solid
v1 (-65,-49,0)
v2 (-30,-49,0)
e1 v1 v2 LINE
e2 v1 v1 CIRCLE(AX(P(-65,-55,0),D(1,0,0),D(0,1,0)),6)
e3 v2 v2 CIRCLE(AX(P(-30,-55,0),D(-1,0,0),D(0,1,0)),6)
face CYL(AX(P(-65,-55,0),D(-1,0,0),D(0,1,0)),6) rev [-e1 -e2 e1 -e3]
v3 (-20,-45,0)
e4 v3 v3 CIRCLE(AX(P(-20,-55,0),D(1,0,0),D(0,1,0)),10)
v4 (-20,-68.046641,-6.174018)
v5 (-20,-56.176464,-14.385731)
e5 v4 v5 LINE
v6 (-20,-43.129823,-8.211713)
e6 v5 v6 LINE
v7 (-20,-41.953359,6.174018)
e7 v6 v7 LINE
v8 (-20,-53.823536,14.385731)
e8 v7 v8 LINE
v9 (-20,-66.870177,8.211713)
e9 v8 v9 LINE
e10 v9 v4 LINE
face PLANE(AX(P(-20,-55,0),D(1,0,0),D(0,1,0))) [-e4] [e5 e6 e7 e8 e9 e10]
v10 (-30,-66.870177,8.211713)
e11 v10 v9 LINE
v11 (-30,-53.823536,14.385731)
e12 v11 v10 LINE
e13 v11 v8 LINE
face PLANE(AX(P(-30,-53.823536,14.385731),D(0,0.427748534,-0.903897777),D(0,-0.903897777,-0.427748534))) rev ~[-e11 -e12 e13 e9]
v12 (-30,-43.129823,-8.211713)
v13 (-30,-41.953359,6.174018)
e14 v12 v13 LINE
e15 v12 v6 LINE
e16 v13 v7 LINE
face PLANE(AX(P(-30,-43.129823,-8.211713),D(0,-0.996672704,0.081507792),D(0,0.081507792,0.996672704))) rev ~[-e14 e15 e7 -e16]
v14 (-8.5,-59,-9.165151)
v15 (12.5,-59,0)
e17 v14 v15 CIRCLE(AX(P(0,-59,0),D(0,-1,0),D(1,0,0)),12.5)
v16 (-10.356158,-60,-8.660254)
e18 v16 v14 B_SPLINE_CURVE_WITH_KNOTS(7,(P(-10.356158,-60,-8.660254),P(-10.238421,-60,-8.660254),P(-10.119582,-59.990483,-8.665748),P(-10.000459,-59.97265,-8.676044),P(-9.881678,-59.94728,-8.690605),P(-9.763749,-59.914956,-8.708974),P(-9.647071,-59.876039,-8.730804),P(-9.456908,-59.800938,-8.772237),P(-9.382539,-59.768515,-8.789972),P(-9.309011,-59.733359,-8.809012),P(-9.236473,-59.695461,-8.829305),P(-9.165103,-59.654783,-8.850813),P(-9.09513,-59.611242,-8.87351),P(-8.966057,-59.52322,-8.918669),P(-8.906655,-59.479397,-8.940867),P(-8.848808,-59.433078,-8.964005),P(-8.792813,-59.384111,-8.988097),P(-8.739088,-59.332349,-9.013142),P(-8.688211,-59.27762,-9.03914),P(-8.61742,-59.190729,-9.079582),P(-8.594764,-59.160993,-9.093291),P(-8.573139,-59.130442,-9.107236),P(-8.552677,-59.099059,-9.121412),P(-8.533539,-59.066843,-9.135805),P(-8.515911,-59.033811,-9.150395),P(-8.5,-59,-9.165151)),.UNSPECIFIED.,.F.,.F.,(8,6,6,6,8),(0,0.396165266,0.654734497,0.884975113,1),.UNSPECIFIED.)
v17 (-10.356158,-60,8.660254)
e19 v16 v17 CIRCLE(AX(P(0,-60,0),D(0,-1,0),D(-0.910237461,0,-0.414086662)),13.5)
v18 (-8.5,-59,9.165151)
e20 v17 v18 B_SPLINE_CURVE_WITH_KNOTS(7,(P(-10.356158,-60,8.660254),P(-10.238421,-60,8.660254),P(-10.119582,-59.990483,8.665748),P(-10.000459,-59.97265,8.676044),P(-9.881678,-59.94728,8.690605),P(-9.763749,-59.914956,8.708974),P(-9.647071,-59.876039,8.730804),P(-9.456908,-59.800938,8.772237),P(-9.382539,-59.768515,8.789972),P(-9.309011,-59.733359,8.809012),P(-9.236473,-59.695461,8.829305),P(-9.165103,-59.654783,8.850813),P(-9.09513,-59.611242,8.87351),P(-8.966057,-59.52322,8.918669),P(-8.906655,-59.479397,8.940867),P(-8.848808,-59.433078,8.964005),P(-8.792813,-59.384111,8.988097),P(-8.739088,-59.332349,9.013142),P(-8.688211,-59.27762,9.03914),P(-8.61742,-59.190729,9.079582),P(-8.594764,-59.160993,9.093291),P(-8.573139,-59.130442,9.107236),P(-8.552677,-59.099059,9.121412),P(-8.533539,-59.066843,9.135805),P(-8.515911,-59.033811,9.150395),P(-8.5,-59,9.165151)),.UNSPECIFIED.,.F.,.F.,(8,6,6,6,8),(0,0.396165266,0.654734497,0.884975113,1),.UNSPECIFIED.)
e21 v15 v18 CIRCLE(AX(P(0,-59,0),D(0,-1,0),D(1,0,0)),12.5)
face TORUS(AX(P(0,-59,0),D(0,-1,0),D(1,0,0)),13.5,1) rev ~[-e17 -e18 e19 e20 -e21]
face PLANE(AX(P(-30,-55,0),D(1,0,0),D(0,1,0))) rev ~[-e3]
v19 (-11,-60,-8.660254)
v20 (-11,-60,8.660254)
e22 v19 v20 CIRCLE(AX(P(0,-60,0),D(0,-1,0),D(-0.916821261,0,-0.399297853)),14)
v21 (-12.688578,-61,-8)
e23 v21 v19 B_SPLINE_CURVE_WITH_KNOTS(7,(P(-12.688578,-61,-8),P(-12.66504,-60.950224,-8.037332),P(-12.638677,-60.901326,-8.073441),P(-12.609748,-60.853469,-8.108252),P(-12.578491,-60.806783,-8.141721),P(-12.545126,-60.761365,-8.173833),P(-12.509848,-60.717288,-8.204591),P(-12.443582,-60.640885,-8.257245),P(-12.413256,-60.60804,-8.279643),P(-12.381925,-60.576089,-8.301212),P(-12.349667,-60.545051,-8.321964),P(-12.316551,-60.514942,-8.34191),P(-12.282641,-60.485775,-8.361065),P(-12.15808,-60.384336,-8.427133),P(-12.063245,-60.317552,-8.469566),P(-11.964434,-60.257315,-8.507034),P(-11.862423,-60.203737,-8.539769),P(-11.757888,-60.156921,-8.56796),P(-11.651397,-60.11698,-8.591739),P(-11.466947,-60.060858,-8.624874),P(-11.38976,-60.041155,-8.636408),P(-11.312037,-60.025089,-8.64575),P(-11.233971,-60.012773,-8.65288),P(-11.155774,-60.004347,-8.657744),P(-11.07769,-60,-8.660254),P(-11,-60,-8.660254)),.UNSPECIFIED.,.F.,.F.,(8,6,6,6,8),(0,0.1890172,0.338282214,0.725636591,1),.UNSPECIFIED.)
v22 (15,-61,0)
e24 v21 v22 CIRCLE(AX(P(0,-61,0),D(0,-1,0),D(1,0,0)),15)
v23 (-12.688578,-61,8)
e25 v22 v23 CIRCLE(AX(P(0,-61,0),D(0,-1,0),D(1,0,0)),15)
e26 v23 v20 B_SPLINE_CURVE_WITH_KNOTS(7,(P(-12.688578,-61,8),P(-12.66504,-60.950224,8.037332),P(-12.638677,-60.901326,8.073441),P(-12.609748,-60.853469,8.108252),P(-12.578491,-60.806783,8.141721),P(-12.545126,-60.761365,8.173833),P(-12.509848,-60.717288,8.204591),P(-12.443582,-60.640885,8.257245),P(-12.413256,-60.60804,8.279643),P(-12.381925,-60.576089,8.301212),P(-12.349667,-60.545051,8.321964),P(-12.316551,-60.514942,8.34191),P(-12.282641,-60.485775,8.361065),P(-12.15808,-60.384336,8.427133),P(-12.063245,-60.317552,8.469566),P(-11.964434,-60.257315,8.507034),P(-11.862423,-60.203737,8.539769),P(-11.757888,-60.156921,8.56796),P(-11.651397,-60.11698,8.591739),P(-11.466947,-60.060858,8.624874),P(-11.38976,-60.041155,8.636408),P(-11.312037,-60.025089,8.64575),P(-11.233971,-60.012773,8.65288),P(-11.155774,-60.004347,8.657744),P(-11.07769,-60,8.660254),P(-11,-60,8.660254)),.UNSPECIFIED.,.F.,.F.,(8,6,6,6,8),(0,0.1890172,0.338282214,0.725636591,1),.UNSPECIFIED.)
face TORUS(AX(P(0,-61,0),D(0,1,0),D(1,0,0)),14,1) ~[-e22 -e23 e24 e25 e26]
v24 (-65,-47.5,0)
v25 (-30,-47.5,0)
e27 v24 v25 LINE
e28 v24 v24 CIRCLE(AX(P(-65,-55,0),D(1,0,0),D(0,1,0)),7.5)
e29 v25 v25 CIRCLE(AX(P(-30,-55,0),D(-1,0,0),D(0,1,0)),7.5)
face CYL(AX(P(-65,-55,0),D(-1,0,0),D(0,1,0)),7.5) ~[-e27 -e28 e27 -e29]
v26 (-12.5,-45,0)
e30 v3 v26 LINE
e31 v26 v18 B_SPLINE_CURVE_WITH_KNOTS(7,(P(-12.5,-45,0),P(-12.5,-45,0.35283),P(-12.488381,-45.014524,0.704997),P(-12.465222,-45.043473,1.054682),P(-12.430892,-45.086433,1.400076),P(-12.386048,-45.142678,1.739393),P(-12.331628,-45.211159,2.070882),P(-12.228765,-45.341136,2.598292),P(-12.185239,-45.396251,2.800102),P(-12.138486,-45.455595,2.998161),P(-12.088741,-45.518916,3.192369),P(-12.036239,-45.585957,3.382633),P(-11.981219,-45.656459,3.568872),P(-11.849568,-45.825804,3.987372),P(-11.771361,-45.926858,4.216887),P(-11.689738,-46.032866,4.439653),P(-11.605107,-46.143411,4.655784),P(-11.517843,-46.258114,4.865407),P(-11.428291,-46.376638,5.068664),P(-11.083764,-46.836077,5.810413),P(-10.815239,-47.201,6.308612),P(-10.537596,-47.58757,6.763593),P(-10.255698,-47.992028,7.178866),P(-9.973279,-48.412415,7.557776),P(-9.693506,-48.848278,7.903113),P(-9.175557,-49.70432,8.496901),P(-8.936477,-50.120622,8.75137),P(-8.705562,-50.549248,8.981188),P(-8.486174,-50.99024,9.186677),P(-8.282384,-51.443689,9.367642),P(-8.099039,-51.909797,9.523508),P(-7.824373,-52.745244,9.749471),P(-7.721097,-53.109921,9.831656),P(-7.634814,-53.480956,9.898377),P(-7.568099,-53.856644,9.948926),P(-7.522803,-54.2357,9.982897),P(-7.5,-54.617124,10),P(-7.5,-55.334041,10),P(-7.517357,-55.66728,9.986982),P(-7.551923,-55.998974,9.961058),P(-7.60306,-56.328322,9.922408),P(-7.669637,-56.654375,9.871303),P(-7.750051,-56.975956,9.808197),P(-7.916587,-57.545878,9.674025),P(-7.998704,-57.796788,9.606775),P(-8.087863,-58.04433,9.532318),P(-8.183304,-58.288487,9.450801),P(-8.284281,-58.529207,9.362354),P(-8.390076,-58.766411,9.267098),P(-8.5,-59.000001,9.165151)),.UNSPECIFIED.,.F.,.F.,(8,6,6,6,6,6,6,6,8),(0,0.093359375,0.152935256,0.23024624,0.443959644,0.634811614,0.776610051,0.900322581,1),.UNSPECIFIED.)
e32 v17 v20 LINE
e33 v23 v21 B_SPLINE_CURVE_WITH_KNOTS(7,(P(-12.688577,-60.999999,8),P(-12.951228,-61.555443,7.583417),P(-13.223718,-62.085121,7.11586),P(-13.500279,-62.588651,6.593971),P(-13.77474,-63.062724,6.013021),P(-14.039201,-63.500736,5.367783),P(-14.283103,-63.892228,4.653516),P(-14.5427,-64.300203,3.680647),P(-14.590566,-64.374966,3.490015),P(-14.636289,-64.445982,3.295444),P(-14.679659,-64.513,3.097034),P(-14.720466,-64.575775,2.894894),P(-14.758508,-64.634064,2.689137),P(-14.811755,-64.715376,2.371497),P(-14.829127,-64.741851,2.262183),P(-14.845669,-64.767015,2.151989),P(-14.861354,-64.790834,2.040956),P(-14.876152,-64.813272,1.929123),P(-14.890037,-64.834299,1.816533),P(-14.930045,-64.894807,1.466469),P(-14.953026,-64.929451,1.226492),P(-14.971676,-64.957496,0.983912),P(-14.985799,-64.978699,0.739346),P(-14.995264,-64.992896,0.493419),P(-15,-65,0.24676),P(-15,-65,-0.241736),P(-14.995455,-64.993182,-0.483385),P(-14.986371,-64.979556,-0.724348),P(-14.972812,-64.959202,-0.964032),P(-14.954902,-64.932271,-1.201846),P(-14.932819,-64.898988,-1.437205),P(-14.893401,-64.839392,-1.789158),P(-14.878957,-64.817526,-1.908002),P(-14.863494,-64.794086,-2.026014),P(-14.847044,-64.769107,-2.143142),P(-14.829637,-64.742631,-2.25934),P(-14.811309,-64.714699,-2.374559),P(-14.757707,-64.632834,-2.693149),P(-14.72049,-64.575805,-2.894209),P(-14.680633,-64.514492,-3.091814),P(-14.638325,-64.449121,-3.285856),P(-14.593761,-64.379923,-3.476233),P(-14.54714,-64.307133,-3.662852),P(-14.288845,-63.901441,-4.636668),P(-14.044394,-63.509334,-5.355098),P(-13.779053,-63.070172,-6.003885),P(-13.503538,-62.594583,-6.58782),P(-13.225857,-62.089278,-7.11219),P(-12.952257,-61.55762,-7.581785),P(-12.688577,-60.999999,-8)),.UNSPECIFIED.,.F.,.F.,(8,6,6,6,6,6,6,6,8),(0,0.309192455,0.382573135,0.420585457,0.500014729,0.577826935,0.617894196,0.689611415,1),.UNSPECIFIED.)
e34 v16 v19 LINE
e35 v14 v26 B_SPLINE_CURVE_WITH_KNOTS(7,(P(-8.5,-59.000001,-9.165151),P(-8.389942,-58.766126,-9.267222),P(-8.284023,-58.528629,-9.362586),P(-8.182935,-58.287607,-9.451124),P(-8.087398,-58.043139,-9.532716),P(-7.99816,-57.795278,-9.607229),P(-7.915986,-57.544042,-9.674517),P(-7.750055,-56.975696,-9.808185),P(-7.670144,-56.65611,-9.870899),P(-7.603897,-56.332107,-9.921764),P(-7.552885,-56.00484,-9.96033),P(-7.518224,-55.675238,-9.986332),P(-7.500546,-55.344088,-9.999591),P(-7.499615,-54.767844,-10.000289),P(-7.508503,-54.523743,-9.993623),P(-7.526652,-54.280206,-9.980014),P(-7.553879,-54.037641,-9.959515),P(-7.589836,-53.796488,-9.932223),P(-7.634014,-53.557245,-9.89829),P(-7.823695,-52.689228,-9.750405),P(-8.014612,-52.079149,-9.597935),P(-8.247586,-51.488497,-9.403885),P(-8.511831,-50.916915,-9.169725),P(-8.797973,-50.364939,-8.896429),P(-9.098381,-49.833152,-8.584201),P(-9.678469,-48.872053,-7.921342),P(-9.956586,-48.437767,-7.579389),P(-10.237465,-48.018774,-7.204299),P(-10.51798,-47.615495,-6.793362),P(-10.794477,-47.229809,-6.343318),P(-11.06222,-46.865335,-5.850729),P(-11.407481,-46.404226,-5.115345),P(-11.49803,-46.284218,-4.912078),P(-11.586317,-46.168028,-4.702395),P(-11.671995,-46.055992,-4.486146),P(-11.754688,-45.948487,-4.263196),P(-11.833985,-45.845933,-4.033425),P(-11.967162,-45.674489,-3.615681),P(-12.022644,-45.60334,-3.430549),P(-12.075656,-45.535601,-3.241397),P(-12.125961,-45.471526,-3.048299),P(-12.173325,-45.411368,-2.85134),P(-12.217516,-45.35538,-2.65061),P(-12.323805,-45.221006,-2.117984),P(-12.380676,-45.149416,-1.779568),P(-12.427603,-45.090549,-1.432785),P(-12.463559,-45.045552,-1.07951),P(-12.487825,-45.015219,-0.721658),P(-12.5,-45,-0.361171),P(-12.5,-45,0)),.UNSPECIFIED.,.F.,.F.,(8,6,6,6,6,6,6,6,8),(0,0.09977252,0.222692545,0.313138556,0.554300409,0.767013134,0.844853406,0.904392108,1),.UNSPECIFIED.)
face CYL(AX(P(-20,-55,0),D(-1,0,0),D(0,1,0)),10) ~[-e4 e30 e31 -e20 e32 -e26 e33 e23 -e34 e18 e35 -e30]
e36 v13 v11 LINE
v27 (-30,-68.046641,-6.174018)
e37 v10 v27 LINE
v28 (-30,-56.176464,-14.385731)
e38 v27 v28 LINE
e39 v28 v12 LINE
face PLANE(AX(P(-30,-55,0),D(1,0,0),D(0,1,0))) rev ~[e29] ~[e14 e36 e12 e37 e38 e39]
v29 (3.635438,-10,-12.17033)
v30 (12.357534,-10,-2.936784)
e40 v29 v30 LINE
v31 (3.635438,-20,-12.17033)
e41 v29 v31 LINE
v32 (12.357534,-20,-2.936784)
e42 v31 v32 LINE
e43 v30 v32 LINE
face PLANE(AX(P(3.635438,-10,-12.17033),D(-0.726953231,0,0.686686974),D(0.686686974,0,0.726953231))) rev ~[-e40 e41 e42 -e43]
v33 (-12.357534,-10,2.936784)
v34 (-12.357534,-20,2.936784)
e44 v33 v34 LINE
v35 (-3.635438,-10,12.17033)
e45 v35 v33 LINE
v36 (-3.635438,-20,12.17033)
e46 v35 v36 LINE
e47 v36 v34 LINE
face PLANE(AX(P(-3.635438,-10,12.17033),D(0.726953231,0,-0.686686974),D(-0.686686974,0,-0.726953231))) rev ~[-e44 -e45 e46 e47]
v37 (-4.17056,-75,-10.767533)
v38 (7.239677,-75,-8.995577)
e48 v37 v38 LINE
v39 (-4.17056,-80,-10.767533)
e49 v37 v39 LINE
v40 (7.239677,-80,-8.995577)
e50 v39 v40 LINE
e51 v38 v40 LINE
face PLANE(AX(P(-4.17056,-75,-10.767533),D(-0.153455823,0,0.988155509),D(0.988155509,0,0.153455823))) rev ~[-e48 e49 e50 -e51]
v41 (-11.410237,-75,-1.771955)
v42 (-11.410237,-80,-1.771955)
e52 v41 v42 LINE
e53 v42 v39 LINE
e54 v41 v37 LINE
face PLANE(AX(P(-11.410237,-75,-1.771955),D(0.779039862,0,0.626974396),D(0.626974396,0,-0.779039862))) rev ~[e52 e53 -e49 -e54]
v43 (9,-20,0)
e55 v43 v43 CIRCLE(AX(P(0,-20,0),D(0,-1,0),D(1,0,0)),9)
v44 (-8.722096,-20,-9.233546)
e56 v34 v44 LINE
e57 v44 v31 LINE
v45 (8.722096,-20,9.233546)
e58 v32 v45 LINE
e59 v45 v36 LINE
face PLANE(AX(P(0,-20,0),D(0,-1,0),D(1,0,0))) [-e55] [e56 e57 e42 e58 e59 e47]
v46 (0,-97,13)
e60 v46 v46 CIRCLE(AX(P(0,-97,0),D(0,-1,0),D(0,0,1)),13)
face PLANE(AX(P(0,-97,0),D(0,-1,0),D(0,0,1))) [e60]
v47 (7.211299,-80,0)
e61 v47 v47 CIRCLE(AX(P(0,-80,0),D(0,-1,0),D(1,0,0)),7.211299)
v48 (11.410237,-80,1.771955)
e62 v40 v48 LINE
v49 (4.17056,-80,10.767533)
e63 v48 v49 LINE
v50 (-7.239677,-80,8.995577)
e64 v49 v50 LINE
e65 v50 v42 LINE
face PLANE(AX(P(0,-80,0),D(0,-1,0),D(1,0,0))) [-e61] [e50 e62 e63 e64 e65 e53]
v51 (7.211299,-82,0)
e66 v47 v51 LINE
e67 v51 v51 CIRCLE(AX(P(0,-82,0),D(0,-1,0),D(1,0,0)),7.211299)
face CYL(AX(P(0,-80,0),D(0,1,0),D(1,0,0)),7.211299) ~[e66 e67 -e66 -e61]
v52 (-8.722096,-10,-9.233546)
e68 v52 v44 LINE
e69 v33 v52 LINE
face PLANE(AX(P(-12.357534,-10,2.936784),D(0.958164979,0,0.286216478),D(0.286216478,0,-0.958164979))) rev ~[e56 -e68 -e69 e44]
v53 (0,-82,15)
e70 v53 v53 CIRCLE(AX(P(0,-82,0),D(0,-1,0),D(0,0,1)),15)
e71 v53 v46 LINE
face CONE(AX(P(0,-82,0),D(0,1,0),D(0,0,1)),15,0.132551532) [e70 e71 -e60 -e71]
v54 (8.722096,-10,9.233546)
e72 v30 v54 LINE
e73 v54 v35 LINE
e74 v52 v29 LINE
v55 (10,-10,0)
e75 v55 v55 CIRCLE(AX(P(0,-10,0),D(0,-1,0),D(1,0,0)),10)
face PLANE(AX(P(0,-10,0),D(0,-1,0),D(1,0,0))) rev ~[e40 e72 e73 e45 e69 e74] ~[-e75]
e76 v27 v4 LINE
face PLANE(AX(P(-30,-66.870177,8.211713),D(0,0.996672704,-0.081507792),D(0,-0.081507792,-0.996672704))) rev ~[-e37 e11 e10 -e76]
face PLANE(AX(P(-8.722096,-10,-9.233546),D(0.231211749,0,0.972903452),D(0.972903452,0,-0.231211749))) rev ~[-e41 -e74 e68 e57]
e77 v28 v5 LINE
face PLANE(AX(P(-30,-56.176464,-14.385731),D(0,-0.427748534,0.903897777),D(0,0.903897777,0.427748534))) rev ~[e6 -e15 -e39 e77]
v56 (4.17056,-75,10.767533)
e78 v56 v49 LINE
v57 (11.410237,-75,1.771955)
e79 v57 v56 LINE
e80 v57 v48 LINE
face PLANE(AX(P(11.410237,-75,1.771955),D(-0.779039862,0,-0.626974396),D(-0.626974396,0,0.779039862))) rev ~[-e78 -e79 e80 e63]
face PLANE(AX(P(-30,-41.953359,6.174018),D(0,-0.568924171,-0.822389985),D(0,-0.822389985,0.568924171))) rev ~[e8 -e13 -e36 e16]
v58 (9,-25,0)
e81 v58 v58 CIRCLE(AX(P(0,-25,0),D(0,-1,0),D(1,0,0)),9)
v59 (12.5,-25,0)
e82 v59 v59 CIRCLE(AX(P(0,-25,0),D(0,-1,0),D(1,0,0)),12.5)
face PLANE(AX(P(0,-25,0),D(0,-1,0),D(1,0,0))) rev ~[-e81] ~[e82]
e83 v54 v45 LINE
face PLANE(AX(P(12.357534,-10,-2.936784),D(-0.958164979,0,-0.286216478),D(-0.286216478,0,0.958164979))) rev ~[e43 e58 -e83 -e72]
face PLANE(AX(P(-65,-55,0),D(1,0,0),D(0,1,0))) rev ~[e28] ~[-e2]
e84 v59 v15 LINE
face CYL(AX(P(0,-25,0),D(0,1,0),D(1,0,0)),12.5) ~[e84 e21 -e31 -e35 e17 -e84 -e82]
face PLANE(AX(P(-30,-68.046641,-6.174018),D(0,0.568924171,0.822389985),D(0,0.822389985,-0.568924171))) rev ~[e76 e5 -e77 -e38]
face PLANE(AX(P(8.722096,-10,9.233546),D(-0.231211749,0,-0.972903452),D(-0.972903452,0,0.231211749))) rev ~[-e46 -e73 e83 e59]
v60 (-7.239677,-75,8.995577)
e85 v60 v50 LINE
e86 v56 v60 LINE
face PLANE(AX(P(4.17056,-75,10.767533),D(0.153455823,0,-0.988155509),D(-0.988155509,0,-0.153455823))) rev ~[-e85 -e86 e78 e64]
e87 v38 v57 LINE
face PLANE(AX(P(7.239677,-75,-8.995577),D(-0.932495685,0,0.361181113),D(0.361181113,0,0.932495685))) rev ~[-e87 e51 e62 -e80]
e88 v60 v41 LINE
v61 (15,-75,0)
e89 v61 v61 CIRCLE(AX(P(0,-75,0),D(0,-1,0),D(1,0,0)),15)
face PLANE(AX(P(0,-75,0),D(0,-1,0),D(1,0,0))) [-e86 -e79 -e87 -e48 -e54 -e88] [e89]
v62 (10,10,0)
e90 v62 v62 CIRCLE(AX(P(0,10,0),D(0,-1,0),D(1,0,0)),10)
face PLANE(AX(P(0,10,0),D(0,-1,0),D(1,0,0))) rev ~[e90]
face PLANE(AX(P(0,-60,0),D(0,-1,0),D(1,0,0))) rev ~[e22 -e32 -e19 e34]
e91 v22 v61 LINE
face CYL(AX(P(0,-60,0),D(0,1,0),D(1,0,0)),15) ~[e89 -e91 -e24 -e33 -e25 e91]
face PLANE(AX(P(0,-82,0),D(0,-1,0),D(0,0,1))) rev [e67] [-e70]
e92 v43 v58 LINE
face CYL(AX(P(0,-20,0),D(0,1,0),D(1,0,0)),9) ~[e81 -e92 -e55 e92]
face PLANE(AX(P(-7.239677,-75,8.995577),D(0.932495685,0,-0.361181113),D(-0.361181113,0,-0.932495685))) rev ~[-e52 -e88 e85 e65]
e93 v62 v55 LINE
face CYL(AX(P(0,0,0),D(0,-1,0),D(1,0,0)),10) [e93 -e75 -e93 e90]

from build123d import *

# Parameters (mm, degrees)
F0_R      = 10
F1_DEPTH  = 10
F3_DEPTH  = 10
F4_R      = 9
F5_DEPTH  = 5
F6_R      = 12.5
F7_DEPTH  = 35
F8_R      = 15
F9_DEPTH  = 15
F10_R     = 1
F12_DEPTH = 5
F13_R     = 7.2112985608
F14_DEPTH = 2
F19_R     = 7.5
F19_R_2   = 6
F23_DEPTH = 10
F24_R     = 10
F25_DEPTH = 15


with BuildPart() as f1:
    # F0 (on Front) → F1 (new body, symmetric)
    with BuildSketch(Plane.XZ):
        Circle(F0_R)
    extrude(amount=F1_DEPTH, both=True)

    # F2 (on face) → F3 (join)
    with BuildSketch(Plane.XZ.offset(10)):
        Polygon((3.6354375365, -12.1703297922), (12.3575335407, -2.9367836356), (8.7220960043, 9.2335461566), (-3.6354375365, 12.1703297922), (-12.3575335407, 2.9367836356), (-8.7220960043, -9.2335461566), align=None)
    extrude(amount=F3_DEPTH)

    # F4 (on face) → F5 (join)
    with BuildSketch(Plane.XZ.offset(20)):
        Circle(F4_R)
    extrude(amount=F5_DEPTH)

    # F6 (on face) → F7 (join)
    with BuildSketch(Plane.XZ.offset(25)):
        Circle(F6_R)
    extrude(amount=F7_DEPTH)

    # F8 (on face) → F9 (join)
    with BuildSketch(Plane.XZ.offset(60)):
        Circle(F8_R)
    extrude(amount=F9_DEPTH)

    # F10
    f10_edges = [f1.edges().sort_by_distance(p)[0] for p in [
        (-15, -60, 0),
        (-12.5, -60, 0),
    ]]
    fillet(f10_edges, radius=F10_R)

    # F11 (on face) → F12 (join)
    with BuildSketch(Plane.XZ.offset(75)):
        Polygon((7.2396767244, -8.9955774834), (11.4102369845, 1.7719552168), (4.1705602602, 10.7675327002), (-7.2396767244, 8.9955774834), (-11.4102369845, -1.7719552168), (-4.1705602602, -10.7675327002), align=None)
    extrude(amount=F12_DEPTH)

    # F13 (on face) → F14 (join)
    with BuildSketch(Plane.XZ.offset(80)):
        Circle(F13_R)
    extrude(amount=F14_DEPTH)

    # F15 (on Right) → F16 (revolve)
    with BuildSketch(Plane.YZ):
        Polygon((-97, 0), (-82, 0), (-82, 7.2112985608), (-82, 15), (-97, 13), align=None)
    revolve(axis=Axis((0, -41, 0), (0, -1, 0)))

    # F19 (on offset) → F20 (join, up to the next surface of F1)
    with BuildSketch(Plane.YZ.offset(-65)):
        with Locations((-55, 0)):
            Circle(F19_R)
        with Locations((-55, 0)):
            Circle(F19_R_2, mode=Mode.SUBTRACT)
    extrude(until=Until.NEXT)

    # F22 (on offset) → F23 (join)
    with BuildSketch(Plane.YZ.offset(-30)):
        Polygon((-68.0466406272, -6.1740182765), (-56.1764636427, -14.3857313554), (-43.1298230155, -8.2117130789), (-41.9533593728, 6.1740182765), (-53.8235363573, 14.3857313554), (-66.8701769845, 8.2117130789), align=None)
    extrude(amount=F23_DEPTH)

    # F24 (on face) → F25 (join)
    with BuildSketch(Plane.YZ.offset(-20)):
        with Locations((-55, 0)):
            Circle(F24_R)
    extrude(amount=F25_DEPTH)


solid = f1.part
